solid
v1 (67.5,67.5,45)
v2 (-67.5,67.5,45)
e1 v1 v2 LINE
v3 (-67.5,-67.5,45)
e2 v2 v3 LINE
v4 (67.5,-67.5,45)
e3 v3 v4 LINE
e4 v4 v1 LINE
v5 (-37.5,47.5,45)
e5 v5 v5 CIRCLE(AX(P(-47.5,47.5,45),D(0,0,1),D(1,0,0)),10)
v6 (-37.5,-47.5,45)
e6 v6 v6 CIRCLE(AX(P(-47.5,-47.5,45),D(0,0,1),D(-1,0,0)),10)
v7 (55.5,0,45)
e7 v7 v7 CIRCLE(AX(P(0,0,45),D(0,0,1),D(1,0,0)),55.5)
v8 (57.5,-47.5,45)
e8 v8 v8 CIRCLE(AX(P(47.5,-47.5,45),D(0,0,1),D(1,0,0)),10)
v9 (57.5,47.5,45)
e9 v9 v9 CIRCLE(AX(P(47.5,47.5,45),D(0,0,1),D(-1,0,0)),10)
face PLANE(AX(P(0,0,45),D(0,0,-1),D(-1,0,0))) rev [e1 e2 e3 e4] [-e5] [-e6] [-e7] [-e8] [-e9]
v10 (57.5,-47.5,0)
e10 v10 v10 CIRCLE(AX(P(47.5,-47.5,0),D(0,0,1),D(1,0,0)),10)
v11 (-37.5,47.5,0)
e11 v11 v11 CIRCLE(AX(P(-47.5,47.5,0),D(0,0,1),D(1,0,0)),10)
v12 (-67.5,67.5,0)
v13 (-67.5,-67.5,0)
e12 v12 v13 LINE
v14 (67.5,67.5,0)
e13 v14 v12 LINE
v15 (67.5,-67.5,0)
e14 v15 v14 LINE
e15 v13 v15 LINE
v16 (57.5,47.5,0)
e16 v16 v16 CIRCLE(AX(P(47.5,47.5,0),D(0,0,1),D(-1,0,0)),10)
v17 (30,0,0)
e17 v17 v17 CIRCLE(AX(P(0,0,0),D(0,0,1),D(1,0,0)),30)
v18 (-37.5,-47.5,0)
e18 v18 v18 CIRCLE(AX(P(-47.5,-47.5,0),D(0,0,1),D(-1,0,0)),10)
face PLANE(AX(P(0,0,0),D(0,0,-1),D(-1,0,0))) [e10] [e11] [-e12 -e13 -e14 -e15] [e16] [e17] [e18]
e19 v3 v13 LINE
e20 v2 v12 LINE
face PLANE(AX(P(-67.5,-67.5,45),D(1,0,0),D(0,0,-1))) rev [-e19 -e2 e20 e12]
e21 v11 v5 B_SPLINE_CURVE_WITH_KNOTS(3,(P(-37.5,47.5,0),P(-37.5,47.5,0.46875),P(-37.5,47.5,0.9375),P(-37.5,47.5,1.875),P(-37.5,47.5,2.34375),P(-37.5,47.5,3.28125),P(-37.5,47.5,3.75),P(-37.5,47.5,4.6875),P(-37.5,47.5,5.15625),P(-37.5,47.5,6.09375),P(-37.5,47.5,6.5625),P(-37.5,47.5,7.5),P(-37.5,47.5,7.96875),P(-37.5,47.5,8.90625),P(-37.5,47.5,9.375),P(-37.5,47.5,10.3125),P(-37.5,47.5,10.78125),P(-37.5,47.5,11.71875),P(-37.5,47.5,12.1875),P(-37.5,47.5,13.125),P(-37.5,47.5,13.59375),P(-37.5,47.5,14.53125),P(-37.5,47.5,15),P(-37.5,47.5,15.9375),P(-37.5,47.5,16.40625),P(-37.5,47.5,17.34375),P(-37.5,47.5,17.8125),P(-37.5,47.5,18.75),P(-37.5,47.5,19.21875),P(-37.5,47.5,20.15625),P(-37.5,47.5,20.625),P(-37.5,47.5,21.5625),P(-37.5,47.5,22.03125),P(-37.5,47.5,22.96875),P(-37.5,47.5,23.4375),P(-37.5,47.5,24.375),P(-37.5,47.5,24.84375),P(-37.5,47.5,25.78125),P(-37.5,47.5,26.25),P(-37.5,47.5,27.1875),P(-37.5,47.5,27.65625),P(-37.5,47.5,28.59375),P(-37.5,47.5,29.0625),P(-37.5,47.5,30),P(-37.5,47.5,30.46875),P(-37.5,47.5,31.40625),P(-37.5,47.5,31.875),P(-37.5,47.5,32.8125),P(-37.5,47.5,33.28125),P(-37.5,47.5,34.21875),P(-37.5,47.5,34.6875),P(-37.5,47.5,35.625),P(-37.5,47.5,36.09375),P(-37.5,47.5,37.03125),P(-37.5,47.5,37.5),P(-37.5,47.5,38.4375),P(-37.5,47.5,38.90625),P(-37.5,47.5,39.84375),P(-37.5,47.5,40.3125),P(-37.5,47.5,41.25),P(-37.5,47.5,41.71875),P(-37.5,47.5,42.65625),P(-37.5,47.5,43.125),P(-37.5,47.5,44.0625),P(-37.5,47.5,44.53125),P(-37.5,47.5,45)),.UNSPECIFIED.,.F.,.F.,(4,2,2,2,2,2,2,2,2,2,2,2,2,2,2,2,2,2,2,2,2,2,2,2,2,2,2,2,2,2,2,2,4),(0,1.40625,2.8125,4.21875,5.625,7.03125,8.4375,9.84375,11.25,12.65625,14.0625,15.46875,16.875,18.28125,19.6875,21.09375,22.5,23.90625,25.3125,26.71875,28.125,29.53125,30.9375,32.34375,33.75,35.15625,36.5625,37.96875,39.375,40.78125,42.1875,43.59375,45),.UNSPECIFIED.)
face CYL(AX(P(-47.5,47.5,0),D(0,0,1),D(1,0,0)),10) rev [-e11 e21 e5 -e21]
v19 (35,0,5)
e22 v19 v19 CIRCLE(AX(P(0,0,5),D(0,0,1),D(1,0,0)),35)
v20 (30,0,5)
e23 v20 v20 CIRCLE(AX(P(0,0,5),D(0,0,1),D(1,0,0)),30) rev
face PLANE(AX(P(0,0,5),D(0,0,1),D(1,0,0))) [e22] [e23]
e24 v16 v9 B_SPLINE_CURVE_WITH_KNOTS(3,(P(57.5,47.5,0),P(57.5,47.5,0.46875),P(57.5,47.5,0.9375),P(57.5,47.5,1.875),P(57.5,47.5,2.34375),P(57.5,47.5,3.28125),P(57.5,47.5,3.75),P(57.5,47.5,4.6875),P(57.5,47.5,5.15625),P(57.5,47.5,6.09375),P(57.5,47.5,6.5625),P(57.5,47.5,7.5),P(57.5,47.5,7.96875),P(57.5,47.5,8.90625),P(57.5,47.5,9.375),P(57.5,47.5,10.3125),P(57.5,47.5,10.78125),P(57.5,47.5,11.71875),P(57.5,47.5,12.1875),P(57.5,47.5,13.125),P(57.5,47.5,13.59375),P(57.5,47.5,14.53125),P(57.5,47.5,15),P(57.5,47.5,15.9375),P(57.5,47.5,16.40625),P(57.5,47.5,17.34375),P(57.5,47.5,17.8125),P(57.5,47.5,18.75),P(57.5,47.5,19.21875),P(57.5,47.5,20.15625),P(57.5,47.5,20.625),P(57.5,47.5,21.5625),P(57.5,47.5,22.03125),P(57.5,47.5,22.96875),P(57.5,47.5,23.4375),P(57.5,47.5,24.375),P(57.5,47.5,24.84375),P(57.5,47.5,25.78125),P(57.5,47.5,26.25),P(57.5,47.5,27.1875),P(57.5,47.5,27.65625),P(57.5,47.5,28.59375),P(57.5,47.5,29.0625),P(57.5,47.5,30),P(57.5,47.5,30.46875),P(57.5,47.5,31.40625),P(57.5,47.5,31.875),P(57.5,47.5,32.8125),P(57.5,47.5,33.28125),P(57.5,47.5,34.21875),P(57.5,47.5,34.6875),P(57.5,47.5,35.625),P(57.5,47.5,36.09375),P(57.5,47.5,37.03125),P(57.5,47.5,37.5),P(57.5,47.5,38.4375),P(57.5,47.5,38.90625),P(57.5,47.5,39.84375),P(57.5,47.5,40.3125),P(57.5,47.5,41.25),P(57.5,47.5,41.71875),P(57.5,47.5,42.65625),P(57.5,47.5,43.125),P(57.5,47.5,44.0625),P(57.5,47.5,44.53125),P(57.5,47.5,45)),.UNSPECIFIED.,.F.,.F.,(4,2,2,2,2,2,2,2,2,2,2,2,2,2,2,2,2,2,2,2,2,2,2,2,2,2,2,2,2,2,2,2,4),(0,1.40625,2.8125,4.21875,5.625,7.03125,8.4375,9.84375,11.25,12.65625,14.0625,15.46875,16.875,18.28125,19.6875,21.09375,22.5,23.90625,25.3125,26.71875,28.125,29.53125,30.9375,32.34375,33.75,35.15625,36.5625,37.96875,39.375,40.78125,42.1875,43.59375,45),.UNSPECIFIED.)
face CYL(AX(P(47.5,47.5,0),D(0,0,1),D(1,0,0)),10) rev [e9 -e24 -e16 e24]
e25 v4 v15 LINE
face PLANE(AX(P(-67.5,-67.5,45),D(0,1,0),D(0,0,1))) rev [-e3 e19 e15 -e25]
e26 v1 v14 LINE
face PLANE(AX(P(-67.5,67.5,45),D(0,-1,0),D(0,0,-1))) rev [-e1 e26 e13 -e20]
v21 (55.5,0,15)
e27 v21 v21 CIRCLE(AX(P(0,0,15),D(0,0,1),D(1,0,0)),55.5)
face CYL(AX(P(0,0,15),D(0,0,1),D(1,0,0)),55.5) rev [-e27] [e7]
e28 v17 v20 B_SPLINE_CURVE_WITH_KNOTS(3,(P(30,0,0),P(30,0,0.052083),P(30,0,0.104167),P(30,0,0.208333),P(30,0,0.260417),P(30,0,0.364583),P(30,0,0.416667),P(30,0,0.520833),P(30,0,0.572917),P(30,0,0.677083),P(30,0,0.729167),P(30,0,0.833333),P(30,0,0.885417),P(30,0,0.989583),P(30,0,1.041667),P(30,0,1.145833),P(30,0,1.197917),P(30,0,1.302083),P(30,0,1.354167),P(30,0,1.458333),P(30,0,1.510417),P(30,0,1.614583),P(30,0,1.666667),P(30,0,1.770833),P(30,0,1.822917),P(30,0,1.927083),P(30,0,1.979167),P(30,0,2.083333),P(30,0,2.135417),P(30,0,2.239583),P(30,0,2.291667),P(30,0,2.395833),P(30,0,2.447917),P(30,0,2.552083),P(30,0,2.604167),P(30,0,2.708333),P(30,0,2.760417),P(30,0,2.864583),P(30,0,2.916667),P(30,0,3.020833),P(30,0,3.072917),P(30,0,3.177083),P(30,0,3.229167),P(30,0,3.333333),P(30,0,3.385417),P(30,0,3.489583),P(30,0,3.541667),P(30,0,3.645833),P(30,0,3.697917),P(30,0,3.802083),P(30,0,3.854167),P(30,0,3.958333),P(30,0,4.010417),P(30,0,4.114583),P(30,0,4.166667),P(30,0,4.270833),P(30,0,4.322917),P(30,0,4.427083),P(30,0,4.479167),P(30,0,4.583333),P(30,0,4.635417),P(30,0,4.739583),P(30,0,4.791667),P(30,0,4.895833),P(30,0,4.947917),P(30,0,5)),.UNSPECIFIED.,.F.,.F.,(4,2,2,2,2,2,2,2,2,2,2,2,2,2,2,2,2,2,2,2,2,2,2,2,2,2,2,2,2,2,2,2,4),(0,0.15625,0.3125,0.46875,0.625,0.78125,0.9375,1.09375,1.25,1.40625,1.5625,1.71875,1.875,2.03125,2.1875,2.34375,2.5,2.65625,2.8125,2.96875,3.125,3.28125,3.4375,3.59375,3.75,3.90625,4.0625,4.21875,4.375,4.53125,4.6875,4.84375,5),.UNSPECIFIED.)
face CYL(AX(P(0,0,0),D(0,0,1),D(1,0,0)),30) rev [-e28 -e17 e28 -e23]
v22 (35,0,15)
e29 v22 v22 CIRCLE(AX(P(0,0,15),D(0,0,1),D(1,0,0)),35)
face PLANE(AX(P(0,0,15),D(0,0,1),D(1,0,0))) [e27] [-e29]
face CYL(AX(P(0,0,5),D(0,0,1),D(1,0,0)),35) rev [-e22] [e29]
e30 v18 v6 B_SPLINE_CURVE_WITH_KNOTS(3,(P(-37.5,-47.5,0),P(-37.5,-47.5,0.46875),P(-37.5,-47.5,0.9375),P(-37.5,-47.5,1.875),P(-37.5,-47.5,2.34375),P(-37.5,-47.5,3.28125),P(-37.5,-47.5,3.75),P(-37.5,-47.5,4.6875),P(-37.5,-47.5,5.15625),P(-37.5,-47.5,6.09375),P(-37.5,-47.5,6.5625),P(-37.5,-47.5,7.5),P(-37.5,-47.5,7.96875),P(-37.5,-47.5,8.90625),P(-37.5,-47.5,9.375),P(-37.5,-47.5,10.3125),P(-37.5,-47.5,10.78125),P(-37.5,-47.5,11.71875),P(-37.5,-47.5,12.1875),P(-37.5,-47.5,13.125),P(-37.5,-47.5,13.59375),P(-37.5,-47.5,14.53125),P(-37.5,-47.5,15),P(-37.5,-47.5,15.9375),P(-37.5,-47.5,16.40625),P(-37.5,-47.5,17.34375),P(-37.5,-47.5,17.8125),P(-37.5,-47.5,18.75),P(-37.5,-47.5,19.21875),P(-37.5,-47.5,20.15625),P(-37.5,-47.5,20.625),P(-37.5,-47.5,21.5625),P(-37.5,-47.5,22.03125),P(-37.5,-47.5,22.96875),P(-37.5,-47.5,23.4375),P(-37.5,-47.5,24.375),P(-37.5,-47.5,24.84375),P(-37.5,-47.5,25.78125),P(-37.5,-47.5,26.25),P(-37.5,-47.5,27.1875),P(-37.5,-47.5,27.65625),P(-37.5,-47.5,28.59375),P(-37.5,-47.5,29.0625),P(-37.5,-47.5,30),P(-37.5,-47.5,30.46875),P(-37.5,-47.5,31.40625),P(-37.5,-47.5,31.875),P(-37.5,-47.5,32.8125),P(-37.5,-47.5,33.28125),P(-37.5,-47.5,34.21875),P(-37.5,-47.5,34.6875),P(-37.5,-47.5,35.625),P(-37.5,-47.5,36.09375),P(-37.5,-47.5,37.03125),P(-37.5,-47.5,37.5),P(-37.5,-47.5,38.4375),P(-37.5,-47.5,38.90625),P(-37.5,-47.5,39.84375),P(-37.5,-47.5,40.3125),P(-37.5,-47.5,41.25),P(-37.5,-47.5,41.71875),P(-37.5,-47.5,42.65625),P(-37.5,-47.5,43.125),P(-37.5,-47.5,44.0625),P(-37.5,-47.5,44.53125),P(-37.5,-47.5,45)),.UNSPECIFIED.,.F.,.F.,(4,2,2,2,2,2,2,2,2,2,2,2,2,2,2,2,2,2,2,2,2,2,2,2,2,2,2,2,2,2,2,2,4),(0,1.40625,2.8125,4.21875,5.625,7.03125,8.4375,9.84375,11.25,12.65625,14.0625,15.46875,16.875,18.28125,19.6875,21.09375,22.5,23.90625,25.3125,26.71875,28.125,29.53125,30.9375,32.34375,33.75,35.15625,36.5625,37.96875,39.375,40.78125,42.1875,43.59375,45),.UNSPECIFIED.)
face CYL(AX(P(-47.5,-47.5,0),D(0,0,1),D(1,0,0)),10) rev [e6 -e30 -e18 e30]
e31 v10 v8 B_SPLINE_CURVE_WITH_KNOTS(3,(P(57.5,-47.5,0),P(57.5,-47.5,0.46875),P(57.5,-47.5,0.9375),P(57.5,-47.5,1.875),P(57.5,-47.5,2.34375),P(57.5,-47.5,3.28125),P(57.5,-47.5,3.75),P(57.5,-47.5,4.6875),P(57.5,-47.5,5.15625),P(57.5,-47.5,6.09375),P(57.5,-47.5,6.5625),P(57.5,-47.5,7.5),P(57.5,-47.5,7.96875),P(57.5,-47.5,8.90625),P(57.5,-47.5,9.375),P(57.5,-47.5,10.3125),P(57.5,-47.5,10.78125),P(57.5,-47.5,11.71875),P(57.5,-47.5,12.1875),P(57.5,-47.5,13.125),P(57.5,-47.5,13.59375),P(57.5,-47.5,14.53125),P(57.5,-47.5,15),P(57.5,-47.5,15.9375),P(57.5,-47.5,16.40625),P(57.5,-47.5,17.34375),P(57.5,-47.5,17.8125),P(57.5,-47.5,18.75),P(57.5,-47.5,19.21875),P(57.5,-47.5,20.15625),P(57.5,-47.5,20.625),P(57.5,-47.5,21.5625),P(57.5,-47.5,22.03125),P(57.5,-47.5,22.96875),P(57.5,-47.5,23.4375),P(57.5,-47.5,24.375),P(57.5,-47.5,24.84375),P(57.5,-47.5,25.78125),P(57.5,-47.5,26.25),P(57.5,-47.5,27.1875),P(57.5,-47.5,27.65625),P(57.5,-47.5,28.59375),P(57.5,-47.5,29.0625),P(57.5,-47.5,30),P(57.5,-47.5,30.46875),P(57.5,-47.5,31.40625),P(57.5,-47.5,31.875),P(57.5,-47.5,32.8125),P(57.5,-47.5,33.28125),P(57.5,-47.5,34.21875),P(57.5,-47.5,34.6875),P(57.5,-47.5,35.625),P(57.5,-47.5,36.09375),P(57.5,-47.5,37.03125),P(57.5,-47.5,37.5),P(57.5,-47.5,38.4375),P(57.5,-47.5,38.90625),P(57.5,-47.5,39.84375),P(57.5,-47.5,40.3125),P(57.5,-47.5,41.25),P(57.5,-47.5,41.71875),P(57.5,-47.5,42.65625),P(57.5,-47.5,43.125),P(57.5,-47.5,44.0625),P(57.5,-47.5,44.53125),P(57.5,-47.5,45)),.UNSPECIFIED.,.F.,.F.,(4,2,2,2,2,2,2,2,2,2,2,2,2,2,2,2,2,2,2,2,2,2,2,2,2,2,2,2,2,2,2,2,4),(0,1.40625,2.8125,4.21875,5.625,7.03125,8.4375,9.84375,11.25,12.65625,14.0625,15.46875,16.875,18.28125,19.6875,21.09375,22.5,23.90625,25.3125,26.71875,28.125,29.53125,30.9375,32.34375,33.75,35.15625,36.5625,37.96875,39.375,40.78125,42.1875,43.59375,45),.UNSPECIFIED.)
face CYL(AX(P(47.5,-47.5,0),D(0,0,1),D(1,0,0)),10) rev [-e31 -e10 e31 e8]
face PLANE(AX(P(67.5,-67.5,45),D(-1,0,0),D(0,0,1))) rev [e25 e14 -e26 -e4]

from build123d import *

# Parameters (mm, degrees)
SKETCH1_W           = 135
SKETCH1_H           = 135
BOSS_EXTRUDE1_DEPTH = 45
SKETCH2_R           = 10
SKETCH2_R_2         = 30
CUT_EXTRUDE1_DEPTH  = 106.534354596
SKETCH3_R           = 55.5
CUT_EXTRUDE2_DEPTH  = 30
SKETCH4_R           = 35
CUT_EXTRUDE3_DEPTH  = 10


with BuildPart() as part:
    # Sketch1 → Boss-Extrude1 (new body)
    with BuildSketch(Plane.XY):
        Rectangle(SKETCH1_W, SKETCH1_H)
    extrude(amount=BOSS_EXTRUDE1_DEPTH)

    # Sketch2 → Cut-Extrude1 (cut, through all)
    with BuildSketch(Plane.XY.offset(45)):
        with Locations((-47.5, 47.5)):
            Circle(SKETCH2_R)
        with Locations((47.5, 47.5)):
            Circle(SKETCH2_R)
        with Locations((47.5, -47.5)):
            Circle(SKETCH2_R)
        with Locations((-47.5, -47.5)):
            Circle(SKETCH2_R)
        Circle(SKETCH2_R_2)
    extrude(amount=-CUT_EXTRUDE1_DEPTH, mode=Mode.SUBTRACT)

    # Sketch3 → Cut-Extrude2 (cut)
    with BuildSketch(Plane.XY.offset(45)):
        Circle(SKETCH3_R)
    extrude(amount=-CUT_EXTRUDE2_DEPTH, mode=Mode.SUBTRACT)

    # Sketch4 → Cut-Extrude3 (cut)
    with BuildSketch(Plane.XY.offset(15)):
        Circle(SKETCH4_R)
    extrude(amount=-CUT_EXTRUDE3_DEPTH, mode=Mode.SUBTRACT)


solid = part.part
